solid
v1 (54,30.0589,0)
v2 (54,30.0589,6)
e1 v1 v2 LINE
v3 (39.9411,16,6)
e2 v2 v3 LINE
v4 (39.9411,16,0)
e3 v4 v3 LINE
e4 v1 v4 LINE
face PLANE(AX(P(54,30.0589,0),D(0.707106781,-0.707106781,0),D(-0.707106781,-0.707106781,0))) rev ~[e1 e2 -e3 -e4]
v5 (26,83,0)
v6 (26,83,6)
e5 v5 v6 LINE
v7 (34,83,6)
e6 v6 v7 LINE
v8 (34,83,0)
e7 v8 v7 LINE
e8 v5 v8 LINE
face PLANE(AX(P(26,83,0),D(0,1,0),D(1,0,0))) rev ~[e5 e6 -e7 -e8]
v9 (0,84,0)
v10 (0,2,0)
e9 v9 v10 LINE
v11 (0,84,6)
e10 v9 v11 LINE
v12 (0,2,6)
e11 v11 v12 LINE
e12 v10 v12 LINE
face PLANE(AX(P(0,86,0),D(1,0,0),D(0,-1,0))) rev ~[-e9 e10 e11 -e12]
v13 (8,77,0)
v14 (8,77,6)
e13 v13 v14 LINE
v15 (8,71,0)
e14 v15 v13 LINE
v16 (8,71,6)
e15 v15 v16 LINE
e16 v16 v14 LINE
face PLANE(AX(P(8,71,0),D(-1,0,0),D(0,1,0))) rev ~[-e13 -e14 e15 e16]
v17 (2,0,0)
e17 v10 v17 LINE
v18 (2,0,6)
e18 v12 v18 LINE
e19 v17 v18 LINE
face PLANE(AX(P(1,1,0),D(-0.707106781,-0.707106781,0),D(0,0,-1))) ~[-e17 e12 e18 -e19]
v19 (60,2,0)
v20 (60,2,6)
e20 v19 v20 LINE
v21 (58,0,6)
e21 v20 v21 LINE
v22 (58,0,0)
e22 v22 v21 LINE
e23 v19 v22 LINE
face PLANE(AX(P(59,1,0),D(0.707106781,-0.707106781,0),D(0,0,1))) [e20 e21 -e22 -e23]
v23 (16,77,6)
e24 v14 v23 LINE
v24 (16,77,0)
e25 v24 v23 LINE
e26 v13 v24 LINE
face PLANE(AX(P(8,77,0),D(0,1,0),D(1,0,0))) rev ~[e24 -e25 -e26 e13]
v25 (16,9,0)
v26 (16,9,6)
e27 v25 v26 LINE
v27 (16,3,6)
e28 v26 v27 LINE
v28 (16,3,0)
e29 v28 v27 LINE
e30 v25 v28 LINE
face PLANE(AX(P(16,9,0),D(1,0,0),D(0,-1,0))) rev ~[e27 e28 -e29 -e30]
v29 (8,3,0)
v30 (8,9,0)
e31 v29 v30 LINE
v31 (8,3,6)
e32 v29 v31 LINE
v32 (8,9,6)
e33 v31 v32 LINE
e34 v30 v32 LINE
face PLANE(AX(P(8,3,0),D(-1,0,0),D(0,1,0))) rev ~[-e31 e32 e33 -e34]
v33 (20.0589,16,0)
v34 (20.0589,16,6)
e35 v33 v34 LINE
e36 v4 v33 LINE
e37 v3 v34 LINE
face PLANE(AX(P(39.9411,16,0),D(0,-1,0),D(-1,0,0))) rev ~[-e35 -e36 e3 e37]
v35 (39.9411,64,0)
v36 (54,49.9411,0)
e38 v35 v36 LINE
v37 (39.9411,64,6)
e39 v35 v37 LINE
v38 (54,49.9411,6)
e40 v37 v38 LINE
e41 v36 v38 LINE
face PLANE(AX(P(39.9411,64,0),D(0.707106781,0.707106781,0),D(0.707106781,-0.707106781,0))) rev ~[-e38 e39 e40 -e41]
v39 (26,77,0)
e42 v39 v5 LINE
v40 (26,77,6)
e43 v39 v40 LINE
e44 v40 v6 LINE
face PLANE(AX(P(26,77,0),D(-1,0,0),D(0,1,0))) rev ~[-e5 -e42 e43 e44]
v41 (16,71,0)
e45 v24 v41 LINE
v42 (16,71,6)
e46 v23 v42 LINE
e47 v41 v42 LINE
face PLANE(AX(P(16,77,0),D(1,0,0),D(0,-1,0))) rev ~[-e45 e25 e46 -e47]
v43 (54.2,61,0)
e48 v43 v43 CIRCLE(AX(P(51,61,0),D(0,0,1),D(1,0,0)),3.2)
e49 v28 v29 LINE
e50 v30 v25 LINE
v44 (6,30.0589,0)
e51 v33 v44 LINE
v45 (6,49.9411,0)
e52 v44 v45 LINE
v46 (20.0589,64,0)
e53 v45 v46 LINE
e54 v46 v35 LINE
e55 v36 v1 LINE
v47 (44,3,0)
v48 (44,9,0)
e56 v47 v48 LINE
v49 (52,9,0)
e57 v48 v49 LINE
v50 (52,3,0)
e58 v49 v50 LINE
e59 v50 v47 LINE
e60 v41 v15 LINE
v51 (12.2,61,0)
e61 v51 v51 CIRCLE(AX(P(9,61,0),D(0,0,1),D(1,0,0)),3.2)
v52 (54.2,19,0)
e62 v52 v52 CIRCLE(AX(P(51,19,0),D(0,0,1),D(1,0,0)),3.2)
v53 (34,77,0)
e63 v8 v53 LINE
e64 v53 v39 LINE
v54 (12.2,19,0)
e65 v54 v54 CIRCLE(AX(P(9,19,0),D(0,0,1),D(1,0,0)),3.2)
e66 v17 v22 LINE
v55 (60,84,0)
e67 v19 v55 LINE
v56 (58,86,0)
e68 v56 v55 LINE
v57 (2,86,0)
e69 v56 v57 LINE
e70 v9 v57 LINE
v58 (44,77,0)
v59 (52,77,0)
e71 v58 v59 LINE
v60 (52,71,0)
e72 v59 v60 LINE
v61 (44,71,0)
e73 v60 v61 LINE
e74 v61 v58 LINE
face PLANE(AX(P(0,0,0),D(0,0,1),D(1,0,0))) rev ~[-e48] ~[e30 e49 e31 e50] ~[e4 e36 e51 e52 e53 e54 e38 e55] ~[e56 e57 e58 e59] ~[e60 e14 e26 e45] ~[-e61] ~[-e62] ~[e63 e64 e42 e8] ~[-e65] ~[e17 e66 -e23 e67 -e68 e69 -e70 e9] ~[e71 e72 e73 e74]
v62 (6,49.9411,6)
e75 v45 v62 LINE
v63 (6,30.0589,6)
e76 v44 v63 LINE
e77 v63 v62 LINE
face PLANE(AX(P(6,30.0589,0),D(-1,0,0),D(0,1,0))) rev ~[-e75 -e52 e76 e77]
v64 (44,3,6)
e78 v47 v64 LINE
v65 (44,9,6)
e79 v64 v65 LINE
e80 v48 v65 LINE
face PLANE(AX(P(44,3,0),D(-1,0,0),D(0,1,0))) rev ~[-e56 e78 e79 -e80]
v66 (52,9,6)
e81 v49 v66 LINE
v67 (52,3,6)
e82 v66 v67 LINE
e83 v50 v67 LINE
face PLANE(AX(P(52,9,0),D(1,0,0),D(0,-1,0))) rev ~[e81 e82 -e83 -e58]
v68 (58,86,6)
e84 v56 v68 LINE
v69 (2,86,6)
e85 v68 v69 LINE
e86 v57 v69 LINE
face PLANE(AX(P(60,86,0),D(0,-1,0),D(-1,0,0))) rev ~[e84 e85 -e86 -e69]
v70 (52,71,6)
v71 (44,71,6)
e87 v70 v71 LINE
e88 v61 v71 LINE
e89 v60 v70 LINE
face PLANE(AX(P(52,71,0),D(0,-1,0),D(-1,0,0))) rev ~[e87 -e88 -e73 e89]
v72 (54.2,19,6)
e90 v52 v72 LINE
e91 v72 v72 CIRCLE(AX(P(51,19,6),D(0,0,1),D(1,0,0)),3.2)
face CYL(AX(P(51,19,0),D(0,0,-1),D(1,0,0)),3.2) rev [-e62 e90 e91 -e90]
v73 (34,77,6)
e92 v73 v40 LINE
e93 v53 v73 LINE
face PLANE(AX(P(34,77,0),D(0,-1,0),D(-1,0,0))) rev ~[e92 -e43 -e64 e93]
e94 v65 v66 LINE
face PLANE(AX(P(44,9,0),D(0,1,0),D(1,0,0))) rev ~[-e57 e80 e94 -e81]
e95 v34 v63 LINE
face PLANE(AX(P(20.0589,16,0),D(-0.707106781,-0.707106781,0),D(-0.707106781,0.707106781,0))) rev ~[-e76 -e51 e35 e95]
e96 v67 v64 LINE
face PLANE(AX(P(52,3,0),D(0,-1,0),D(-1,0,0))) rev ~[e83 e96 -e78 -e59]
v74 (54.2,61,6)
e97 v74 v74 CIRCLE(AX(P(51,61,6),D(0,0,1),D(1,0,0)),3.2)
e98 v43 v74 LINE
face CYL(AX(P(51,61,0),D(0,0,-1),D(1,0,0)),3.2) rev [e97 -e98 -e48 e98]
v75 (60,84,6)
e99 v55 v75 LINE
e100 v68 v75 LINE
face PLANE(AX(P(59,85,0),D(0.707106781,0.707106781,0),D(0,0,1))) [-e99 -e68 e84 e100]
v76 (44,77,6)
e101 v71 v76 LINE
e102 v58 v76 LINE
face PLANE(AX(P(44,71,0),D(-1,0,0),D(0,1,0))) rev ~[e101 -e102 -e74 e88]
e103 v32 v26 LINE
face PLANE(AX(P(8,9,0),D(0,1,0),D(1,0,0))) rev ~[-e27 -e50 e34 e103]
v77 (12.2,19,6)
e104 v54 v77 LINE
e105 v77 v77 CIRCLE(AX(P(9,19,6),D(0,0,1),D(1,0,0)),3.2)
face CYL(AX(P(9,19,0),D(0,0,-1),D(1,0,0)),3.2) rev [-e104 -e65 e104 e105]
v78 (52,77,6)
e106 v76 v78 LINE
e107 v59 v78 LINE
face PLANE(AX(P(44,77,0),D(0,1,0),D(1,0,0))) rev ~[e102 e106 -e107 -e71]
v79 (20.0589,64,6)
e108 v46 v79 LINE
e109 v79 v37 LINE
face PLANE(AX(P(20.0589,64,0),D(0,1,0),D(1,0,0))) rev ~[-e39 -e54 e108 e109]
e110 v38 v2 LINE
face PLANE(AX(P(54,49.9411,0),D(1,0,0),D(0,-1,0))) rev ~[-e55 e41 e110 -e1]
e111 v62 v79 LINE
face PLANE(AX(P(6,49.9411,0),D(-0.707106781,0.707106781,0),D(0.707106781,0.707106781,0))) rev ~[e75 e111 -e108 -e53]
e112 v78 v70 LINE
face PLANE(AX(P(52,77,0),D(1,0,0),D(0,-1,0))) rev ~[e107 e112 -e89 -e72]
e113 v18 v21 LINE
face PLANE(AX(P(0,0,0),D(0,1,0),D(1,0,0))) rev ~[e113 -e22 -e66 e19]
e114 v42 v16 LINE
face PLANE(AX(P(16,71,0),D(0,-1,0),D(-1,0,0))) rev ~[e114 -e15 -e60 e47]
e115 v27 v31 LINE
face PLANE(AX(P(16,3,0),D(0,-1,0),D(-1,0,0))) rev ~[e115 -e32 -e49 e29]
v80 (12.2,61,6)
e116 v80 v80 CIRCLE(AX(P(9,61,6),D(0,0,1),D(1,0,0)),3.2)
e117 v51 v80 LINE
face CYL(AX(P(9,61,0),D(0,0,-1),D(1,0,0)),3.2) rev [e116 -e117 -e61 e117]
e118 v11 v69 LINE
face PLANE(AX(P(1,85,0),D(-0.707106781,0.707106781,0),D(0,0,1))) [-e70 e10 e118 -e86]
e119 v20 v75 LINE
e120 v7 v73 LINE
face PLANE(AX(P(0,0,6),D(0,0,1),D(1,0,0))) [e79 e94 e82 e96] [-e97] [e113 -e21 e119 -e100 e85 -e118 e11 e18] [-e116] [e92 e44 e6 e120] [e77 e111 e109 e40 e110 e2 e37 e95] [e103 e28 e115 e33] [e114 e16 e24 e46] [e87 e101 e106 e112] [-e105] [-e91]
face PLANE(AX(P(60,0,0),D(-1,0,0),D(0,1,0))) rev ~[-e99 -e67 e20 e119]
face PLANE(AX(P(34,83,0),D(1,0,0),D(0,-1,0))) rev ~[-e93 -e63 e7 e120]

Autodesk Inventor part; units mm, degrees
ref_plane "YZ Plane" through (0, 0, 0) normal (1, 0, 0) x (0, 1, 0)
ref_plane "XZ Plane" through (0, 0, 0) normal (0, 1, 0) x (-1, 0, 0)
ref_plane "XY Plane" through (0, 0, 0) normal (0, 0, 1) x (1, 0, 0)
sketch "Sketch1" plane through (0, 0, 0) normal (0, 0, 1) x (1, 0, 0)
  line L0 (0, 0) -> (60, 0)
  line L1 (60, 0) -> (60, 86)
  line L2 (60, 86) -> (0, 86)
  line L3 (0, 86) -> (0, 0)
  line L4 (54, 30.0589) -> (39.9411, 16)
  line L5 (39.9411, 16) -> (20.0589, 16)
  line L6 (20.0589, 16) -> (6, 30.0589)
  line L7 (6, 30.0589) -> (6, 49.9411)
  line L8 (6, 49.9411) -> (20.0589, 64)
  line L9 (20.0589, 64) -> (39.9411, 64)
  line L10 (39.9411, 64) -> (54, 49.9411)
  line L11 (54, 49.9411) -> (54, 30.0589)
  line L12 (9, 61) -> (51, 61) construction
  line L13 (51, 61) -> (51, 19) construction
  line L14 (51, 19) -> (9, 19) construction
  line L15 (9, 19) -> (9, 61) construction
  circle A0 centre (9, 61) radius 3.2
  circle A1 centre (9, 19) radius 3.2
  circle A2 centre (51, 19) radius 3.2
  circle A3 centre (51, 61) radius 3.2
  line L16 (8, 9) -> (16, 9)
  line L17 (16, 9) -> (16, 3)
  line L18 (16, 3) -> (8, 3)
  line L19 (8, 3) -> (8, 9)
  line L20 (44, 9) -> (52, 9)
  line L21 (52, 9) -> (52, 3)
  line L22 (52, 3) -> (44, 3)
  line L23 (44, 3) -> (44, 9)
  line L24 (8, 77) -> (16, 77)
  line L25 (16, 77) -> (16, 71)
  line L26 (16, 71) -> (8, 71)
  line L27 (8, 71) -> (8, 77)
  line L28 (44, 77) -> (52, 77)
  line L29 (52, 77) -> (52, 71)
  line L30 (52, 71) -> (44, 71)
  line L31 (44, 71) -> (44, 77)
  line L32 (26, 83) -> (34, 83)
  line L33 (34, 83) -> (34, 77)
  line L34 (34, 77) -> (26, 77)
  line L35 (26, 77) -> (26, 83)
  line L36 (12, 71) -> (12, 9) construction
  point P0 (30, 40)
  point P1 (30, 61)
  point P2 (30, 64)
  point P3 (9, 40)
  point P4 (6, 40)
  point P5 (12, 40)
  point P6 (30, 77)
  dimension "d0" = 42
  dimension "d1" = 42
  dimension "d2" = 48
  dimension "d3" = 6.4
  dimension "d4" = 6.4
  dimension "d5" = 6.4
  dimension "d6" = 6.4
  dimension "d7" = 6
  dimension "d8" = 8
  dimension "d9" = 6
  dimension "d10" = 8
  dimension "d11" = 3
  dimension "d12" = 8
  dimension "d13" = 6
  dimension "d14" = 3
  dimension "d15" = 86
  dimension "d16" = 6
  dimension "d17" = 6
  dimension "d18" = 8
  dimension "d19" = 8
extrude "Extrusion1" add sketch "Sketch1" along normal blind 6
chamfer "Chamfer1" distance 2 angle 45 4 edges at (0, 0, 3) (60, 0, 3) (60, 86, 3) (0, 86, 3)
properties part number "x_iddler_c_mount"
